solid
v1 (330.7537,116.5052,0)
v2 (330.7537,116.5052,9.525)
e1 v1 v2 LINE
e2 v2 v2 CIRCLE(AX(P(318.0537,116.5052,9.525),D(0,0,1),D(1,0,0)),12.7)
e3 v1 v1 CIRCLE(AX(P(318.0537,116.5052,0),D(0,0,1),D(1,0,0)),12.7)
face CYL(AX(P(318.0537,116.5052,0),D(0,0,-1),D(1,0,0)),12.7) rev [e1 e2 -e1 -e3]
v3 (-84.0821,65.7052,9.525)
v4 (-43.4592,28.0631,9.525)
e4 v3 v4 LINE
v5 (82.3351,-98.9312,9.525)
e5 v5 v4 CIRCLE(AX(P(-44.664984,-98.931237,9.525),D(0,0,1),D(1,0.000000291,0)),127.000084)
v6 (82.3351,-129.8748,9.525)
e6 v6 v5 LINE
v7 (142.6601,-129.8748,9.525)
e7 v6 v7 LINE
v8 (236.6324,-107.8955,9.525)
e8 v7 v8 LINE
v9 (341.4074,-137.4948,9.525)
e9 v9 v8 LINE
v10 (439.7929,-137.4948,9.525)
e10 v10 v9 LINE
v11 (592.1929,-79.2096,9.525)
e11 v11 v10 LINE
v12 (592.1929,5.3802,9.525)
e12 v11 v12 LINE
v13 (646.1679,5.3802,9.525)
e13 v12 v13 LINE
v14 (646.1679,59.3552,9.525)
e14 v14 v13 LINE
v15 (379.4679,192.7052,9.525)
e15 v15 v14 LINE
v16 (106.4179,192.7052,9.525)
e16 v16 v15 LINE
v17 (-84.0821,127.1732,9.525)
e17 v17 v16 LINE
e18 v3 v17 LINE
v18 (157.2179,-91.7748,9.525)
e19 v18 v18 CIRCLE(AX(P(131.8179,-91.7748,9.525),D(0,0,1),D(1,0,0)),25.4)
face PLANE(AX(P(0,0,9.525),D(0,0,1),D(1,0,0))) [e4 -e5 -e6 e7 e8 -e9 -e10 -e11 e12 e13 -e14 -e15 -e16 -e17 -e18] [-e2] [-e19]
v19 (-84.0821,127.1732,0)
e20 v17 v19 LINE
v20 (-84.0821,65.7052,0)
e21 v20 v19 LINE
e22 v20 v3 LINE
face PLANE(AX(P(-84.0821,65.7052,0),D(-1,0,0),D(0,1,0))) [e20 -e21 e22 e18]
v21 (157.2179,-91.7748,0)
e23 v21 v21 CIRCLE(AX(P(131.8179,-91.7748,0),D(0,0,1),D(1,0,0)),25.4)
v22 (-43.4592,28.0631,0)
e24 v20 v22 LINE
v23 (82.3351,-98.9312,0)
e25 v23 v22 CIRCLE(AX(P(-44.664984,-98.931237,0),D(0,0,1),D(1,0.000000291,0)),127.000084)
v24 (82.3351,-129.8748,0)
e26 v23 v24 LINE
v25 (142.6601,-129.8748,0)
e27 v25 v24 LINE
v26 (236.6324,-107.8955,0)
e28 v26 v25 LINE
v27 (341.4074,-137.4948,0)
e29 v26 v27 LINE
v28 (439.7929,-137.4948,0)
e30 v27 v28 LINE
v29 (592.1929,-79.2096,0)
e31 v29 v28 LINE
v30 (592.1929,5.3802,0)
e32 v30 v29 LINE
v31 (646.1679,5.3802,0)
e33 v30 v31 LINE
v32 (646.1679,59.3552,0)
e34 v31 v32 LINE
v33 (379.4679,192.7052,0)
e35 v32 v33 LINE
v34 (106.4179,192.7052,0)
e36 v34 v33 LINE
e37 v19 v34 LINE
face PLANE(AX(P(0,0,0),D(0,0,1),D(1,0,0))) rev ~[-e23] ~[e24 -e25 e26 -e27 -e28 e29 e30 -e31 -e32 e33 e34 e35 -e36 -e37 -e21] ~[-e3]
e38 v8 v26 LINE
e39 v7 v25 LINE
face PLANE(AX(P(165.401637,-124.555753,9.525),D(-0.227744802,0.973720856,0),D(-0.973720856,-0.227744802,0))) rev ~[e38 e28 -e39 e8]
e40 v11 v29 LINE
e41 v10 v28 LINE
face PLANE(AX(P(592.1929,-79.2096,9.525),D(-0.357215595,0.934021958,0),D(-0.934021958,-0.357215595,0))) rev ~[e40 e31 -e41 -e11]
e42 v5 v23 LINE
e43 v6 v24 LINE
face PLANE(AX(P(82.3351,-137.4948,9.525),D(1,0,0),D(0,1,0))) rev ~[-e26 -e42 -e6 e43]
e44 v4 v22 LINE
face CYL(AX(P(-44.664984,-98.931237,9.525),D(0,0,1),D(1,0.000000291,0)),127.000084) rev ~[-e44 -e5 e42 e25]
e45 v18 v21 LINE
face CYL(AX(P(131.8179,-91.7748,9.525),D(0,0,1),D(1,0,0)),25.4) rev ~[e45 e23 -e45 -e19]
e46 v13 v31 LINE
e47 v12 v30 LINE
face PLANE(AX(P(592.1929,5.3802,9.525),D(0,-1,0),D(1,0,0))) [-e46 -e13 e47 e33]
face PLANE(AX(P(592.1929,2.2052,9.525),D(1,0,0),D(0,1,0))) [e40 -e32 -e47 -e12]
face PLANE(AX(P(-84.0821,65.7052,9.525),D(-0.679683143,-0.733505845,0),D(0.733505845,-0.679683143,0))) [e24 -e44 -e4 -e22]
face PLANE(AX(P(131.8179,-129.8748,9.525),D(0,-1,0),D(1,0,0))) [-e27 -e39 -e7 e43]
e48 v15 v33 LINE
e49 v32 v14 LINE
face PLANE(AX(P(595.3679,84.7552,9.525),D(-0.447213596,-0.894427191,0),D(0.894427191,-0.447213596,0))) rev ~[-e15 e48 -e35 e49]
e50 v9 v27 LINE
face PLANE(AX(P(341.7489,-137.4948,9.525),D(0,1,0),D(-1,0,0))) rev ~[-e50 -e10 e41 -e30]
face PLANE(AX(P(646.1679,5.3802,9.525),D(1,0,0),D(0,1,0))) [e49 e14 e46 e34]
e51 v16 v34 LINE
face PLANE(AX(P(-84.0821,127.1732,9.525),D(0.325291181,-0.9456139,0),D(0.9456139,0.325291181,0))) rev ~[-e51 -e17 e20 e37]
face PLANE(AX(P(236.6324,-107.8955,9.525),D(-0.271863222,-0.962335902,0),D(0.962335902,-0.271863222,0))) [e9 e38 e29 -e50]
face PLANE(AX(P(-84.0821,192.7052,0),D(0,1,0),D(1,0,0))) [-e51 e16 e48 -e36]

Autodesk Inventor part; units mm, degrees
ref_plane "YZ Plane" through (0, 0, 0) normal (1, 0, 0) x (0, 1, 0)
ref_plane "XZ Plane" through (0, 0, 0) normal (0, 1, 0) x (-1, 0, 0)
ref_plane "XY Plane" through (0, 0, 0) normal (0, 0, 1) x (1, 0, 0)
sketch "Sketch1" plane through (0, 0, 0) normal (0, 0, 1) x (1, 0, 0)
  line L0 (-84.0821, 192.7052) -> (642.9929, 192.7052)
  line L1 (642.9929, 192.7052) -> (642.9929, -137.4948)
  line L2 (642.9929, -137.4948) -> (-84.0821, -137.4948)
  line L3 (-84.0821, -137.4948) -> (-84.0821, 192.7052)
  circle A0 centre (131.8179, -91.7748) radius 25.4
  circle A1 centre (318.0537, 116.5052) radius 12.7
  line L4 (642.9929, -137.4948) -> (592.1929, -137.4948)
  line L5 (592.1929, -137.4948) -> (592.1929, -73.9948)
  line L6 (592.1929, -73.9948) -> (642.9929, -73.9948)
  line L7 (642.9929, -73.9948) -> (642.9929, -137.4948)
  line L8 (642.9929, 192.7052) -> (592.6352, 192.7052)
  line L9 (642.9929, 2.2052) -> (642.9929, 192.7052)
  line L10 (-84.0821, 53.0052) -> (5.7204, 53.0052) construction
  line L11 (-84.0821, 65.7052) -> (68.3179, -137.4948)
  line L12 (595.3679, 192.7052) -> (595.3679, 2.2052)
  line L13 (595.3679, 2.2052) -> (642.9929, 2.2052)
  point P0 (0, 0)
  dimension "d0" = 727.075
  dimension "d2" = 50.8
  dimension "d3" = 25.4
  dimension "d4" = 215.9
  dimension "d5" = 279.4
  dimension "d14" = 152.4
  dimension "d15" = 203.2
  dimension "d16" = 330.2
  dimension "d17" = 63.5
  dimension "d19" = 50.8
  dimension "d20" = 139.7
  dimension "d21" = 45.72
  dimension "d22" = 254
extrude "Extrusion1" add sketch "Sketch1" along normal blind 9.525 contours L0 L12 L13 L1 L6 L5 L2 L11 L3
sketch "Sketch3" plane through (0, 0, 9.525) normal (0, 0, 1) x (1, 0, 0)
  line L0 (595.3679, 2.2052) -> (595.3679, 192.7052) projected
  line L1 (595.3679, 192.7052) -> (-84.0821, 192.7052) projected
  line L2 (-84.0821, 192.7052) -> (-84.0821, 65.7052) projected
  line L3 (-84.0821, 127.1732) -> (106.4179, 192.7052)
  line L4 (595.3679, 2.2052) -> (684.2679, 2.2052)
  line L5 (684.2679, 2.2052) -> (684.2679, 40.3052)
  line L6 (684.2679, 40.3052) -> (595.3679, 40.3052)
  line L7 (595.3679, 40.3052) -> (595.3679, 2.2052)
  line L8 (684.2679, 40.3052) -> (379.4679, 192.7052)
  line L9 (595.3679, 40.3052) -> (595.3679, 84.7552)
  line L10 (595.3679, 84.7552) -> (595.3679, 192.7052)
  point P0 (0, 0)
  dimension "d32" = 190.5
  dimension "d33" = 65.532
  dimension "d38" = 88.9
  dimension "d39" = 38.1
  dimension "d40" = 215.9
extrude "Extrusion4" cut sketch "Sketch3" against normal blind 9.525 contours L3 L2 L1 | L8 L1 L0 | L0 L8 L6
sketch "Sketch4" plane through (0, 0, 9.525) normal (0, 0, 1) x (1, 0, 0)
  line L0 (595.3679, 2.2052) -> (595.3679, 84.7552) projected
  line L1 (595.3679, 84.7552) -> (379.4679, 192.7052) projected
  line L2 (595.3679, 84.7552) -> (684.2679, 40.3052)
  line L3 (684.2679, 40.3052) -> (595.3679, 40.3052)
  point P0 (0, 0)
  dimension "d43" = 88.9
extrude "Extrusion5" add sketch "Sketch4" against normal blind 9.525
sketch "Sketch5" plane through (0, 0, 9.525) normal (0, 0, 1) x (1, 0, 0)
  line L0 (642.9929, 2.2052) -> (592.1929, 2.2052)
  line L1 (592.1929, 2.2052) -> (592.1929, -73.9948)
  line L2 (592.1929, -73.9948) -> (642.9929, -73.9948)
  line L3 (642.9929, -73.9948) -> (642.9929, 2.2052)
  point P0 (0, 0)
extrude "Extrusion6" cut sketch "Sketch5" against normal blind 9.525
sketch "Sketch6" plane through (0, 0, 9.525) normal (0, 0, 1) x (1, 0, 0)
  line L0 (592.1929, -137.4948) -> (592.1929, 2.2052) projected
  line L1 (646.1679, 91.1052) -> (723.1394, 91.1052)
  line L2 (723.1394, 91.1052) -> (723.1394, -6.7385)
  line L3 (723.1394, -6.7385) -> (646.1679, -6.7385)
  line L4 (646.1679, -6.7385) -> (646.1679, 91.1052)
  line L5 (595.3679, 2.2052) -> (592.1929, 2.2052)
  line L6 (592.1929, 2.2052) -> (592.1929, 40.3052)
  line L7 (592.1929, 40.3052) -> (595.3679, 40.3052)
  line L8 (595.3679, 40.3052) -> (595.3679, 2.2052)
  point P0 (0, 0)
  dimension "d48" = 53.975
extrude "Extrusion7" cut sketch "Sketch6" against normal blind 9.525
sketch "Sketch8" plane through (0, 0, 9.525) normal (0, 0, 1) x (1, 0, 0)
  line L0 (-84.0821, 65.7052) -> (68.3179, -137.4948) projected
  line L1 (68.3179, -137.4948) -> (592.1929, -137.4948) projected
  line L2 (592.1929, -137.4948) -> (592.1929, 40.3052) projected
  line L3 (592.1929, -96.6594) -> (439.7929, -137.4948)
  line L4 (341.7489, -137.4948) -> (170.3104, -117.1748)
  line L5 (170.3104, -117.1748) -> (53.0779, -117.1748)
  point P0 (0, 0)
  dimension "d51" = 152.4
  dimension "d52" = 165
  dimension "d53" = 98.044
  dimension "d54" = 20.32
  dimension "d60" = 173.24
extrude "Extrusion8" cut sketch "Sketch8" against normal blind 9.525
sketch "Sketch9" plane through (0, 0, 9.525) normal (0, 0, 1) x (1, 0, 0)
  line L0 (592.1929, -96.6594) -> (592.1929, 40.3052) projected
  line L1 (646.1679, 40.3052) -> (592.1929, 40.3052)
  line L2 (592.1929, 40.3052) -> (592.1929, 5.3802)
  line L3 (592.1929, 5.3802) -> (646.1679, 5.3802)
  line L4 (646.1679, 5.3802) -> (646.1679, 40.3052)
  point P0 (0, 0)
  dimension "d57" = 34.925
extrude "Extrusion9" add sketch "Sketch9" against normal blind 9.525
sketch "Sketch10" plane through (0, 0, 9.525) normal (0, 0, 1) x (1, 0, 0)
  line L0 (-84.0821, 65.7052) -> (53.0779, -117.1748) projected
  line L1 (-84.0821, 127.1732) -> (-84.0821, 65.7052) projected
  line L2 (53.0779, -117.1748) -> (170.3104, -117.1748) projected
  arc A0 (82.3351, -98.9312) -> (-55.5071, 27.6052) centre (-44.6649, -98.9312) ccw
  line L3 (341.7489, -137.4948) -> (439.7929, -137.4948) projected
  line L4 (82.3351, -117.1748) -> (82.3351, -75.9981)
  point P0 (0, 0)
  point P1 (81.0179, -117.1748)
  point P2 (131.8179, -117.1748)
  dimension "d62" = 38.1
  dimension "d65" = 127
  dimension "d66" = 165.1
extrude "Extrusion10" cut sketch "Sketch10" against normal blind 25.4
sketch "Sketch12" plane through (0, 0, 9.525) normal (0, 0, 1) x (1, 0, 0)
  circle A0 centre (131.8179, -91.7748) radius 25.4 projected
  circle A1 centre (131.8179, -91.7748) radius 38.1
  point P0 (0, 0)
  dimension "d70" = 76.2
extrude "Extrusion12" cut sketch "Sketch12" against normal blind 9.525
sketch "Sketch14" plane through (0, 0, 9.525) normal (0, 0, 1) x (1, 0, 0)
  arc A0 (160.2159, -117.1748) -> (103.4198, -117.1748) centre (131.8179, -91.7748) ccw projected
  line L0 (160.2159, -117.1748) -> (170.3104, -117.1748) projected
  line L1 (170.3104, -117.1748) -> (341.7489, -137.4948) projected
  line L2 (82.3351, -117.1748) -> (103.4198, -117.1748) projected
  circle A1 centre (131.8179, -91.7748) radius 38.1
  line L3 (341.7489, -137.4948) -> (82.3351, -137.4948)
  line L4 (82.3351, -137.4948) -> (82.3351, -117.1748)
  point P0 (0, 0)
  dimension "d74" = 20.32
extrude "Extrusion13" add sketch "Sketch14" against normal blind 9.525 contours L0 L1 L3 L4 L2 A1
sketch "Sketch15" plane through (0, 0, 9.525) normal (0, 0, 1) x (1, 0, 0)
  circle A0 centre (131.8179, -91.7748) radius 38.1 projected
  line L0 (82.3351, -98.9312) -> (82.3351, -137.4948) projected
  line L1 (82.3351, -137.4948) -> (439.7929, -137.4948) projected
  circle A1 centre (185.7929, -51.1348) radius 76.2
  circle A2 centre (373.8763, -101.9348) radius 76.2
  line L2 (82.3351, -110.8248) -> (177.5851, -110.8248)
  line L3 (177.5851, -110.8248) -> (177.5851, -72.7248)
  line L4 (177.5851, -72.7248) -> (82.3351, -72.7248)
  line L5 (82.3351, -72.7248) -> (82.3351, -110.8248)
  line L6 (236.6324, -107.8955) -> (341.4074, -137.4948)
  line L7 (-84.0821, 127.1732) -> (-84.0821, 65.7052) projected
  line L8 (131.8179, -129.8748) -> (175.334, -129.8748)
  line L9 (131.8179, -129.8748) -> (82.3351, -129.8748)
  line L10 (236.6324, -107.8955) -> (142.6601, -129.8748)
  point P0 (0, 0)
  point P1 (154.0824, -137.4948)
  dimension "d77" = 152.4
  dimension "d78" = 53.975
  dimension "d79" = 40.64
  dimension "d80" = 152.4
  dimension "d81" = 291.5412
  dimension "d82" = 35.56
  dimension "d84" = 95.25
  dimension "d85" = 38.1
  dimension "d86" = 26.67
  dimension "d87" = 82.55
  dimension "d90" = 104.775
  dimension "d101" = 60.325
sketch "Sketch17" plane through (0, 0, 9.525) normal (0, 0, 1) x (1, 0, 0)
  line L0 (439.7929, -137.4948) -> (592.1929, -96.6594) projected
  line L1 (592.1929, -96.6594) -> (592.1929, 5.3802) projected
  line L2 (592.1929, -79.2096) -> (439.7929, -137.4948)
  point P0 (0, 0)
  dimension "d94" = 17.4498
extrude "Extrusion16" cut sketch "Sketch17" against normal blind 9.525
extrude "Extrusion18" cut sketch "Sketch15" against normal blind 9.525 contours L8 L10 A1 L6 A2 L1 L0 L9 | L10 A1 | L6 L1 A2 picked at (315.3812, -131.2856)
sketch "Sketch20" plane through (0, 0, 9.525) normal (0, 0, 1) x (1, 0, 0)
  circle A0 centre (131.8179, -91.7748) radius 38.1 projected
  circle A1 centre (131.8179, -91.7748) radius 25.4
  point P0 (0, 0)
  dimension "d102" = 50.8
extrude "Extrusion19" add sketch "Sketch20" against normal blind 9.525
sketch "Sketch21" plane through (0, 0, 9.525) normal (0, 0, 1) x (1, 0, 0)
  line L0 (-84.0821, 65.7052) -> (-55.5071, 27.6052) projected
  arc A0 (82.3351, -98.9312) -> (-55.5071, 27.6052) centre (-44.6649, -98.9312) ccw projected
  line L1 (-84.0821, 65.7052) -> (-43.4592, 28.0631)
  point P0 (0, 0)
extrude "Extrusion20" cut sketch "Sketch21" against normal blind 9.525
properties part number "ShooterMountLeft_NERDS"
